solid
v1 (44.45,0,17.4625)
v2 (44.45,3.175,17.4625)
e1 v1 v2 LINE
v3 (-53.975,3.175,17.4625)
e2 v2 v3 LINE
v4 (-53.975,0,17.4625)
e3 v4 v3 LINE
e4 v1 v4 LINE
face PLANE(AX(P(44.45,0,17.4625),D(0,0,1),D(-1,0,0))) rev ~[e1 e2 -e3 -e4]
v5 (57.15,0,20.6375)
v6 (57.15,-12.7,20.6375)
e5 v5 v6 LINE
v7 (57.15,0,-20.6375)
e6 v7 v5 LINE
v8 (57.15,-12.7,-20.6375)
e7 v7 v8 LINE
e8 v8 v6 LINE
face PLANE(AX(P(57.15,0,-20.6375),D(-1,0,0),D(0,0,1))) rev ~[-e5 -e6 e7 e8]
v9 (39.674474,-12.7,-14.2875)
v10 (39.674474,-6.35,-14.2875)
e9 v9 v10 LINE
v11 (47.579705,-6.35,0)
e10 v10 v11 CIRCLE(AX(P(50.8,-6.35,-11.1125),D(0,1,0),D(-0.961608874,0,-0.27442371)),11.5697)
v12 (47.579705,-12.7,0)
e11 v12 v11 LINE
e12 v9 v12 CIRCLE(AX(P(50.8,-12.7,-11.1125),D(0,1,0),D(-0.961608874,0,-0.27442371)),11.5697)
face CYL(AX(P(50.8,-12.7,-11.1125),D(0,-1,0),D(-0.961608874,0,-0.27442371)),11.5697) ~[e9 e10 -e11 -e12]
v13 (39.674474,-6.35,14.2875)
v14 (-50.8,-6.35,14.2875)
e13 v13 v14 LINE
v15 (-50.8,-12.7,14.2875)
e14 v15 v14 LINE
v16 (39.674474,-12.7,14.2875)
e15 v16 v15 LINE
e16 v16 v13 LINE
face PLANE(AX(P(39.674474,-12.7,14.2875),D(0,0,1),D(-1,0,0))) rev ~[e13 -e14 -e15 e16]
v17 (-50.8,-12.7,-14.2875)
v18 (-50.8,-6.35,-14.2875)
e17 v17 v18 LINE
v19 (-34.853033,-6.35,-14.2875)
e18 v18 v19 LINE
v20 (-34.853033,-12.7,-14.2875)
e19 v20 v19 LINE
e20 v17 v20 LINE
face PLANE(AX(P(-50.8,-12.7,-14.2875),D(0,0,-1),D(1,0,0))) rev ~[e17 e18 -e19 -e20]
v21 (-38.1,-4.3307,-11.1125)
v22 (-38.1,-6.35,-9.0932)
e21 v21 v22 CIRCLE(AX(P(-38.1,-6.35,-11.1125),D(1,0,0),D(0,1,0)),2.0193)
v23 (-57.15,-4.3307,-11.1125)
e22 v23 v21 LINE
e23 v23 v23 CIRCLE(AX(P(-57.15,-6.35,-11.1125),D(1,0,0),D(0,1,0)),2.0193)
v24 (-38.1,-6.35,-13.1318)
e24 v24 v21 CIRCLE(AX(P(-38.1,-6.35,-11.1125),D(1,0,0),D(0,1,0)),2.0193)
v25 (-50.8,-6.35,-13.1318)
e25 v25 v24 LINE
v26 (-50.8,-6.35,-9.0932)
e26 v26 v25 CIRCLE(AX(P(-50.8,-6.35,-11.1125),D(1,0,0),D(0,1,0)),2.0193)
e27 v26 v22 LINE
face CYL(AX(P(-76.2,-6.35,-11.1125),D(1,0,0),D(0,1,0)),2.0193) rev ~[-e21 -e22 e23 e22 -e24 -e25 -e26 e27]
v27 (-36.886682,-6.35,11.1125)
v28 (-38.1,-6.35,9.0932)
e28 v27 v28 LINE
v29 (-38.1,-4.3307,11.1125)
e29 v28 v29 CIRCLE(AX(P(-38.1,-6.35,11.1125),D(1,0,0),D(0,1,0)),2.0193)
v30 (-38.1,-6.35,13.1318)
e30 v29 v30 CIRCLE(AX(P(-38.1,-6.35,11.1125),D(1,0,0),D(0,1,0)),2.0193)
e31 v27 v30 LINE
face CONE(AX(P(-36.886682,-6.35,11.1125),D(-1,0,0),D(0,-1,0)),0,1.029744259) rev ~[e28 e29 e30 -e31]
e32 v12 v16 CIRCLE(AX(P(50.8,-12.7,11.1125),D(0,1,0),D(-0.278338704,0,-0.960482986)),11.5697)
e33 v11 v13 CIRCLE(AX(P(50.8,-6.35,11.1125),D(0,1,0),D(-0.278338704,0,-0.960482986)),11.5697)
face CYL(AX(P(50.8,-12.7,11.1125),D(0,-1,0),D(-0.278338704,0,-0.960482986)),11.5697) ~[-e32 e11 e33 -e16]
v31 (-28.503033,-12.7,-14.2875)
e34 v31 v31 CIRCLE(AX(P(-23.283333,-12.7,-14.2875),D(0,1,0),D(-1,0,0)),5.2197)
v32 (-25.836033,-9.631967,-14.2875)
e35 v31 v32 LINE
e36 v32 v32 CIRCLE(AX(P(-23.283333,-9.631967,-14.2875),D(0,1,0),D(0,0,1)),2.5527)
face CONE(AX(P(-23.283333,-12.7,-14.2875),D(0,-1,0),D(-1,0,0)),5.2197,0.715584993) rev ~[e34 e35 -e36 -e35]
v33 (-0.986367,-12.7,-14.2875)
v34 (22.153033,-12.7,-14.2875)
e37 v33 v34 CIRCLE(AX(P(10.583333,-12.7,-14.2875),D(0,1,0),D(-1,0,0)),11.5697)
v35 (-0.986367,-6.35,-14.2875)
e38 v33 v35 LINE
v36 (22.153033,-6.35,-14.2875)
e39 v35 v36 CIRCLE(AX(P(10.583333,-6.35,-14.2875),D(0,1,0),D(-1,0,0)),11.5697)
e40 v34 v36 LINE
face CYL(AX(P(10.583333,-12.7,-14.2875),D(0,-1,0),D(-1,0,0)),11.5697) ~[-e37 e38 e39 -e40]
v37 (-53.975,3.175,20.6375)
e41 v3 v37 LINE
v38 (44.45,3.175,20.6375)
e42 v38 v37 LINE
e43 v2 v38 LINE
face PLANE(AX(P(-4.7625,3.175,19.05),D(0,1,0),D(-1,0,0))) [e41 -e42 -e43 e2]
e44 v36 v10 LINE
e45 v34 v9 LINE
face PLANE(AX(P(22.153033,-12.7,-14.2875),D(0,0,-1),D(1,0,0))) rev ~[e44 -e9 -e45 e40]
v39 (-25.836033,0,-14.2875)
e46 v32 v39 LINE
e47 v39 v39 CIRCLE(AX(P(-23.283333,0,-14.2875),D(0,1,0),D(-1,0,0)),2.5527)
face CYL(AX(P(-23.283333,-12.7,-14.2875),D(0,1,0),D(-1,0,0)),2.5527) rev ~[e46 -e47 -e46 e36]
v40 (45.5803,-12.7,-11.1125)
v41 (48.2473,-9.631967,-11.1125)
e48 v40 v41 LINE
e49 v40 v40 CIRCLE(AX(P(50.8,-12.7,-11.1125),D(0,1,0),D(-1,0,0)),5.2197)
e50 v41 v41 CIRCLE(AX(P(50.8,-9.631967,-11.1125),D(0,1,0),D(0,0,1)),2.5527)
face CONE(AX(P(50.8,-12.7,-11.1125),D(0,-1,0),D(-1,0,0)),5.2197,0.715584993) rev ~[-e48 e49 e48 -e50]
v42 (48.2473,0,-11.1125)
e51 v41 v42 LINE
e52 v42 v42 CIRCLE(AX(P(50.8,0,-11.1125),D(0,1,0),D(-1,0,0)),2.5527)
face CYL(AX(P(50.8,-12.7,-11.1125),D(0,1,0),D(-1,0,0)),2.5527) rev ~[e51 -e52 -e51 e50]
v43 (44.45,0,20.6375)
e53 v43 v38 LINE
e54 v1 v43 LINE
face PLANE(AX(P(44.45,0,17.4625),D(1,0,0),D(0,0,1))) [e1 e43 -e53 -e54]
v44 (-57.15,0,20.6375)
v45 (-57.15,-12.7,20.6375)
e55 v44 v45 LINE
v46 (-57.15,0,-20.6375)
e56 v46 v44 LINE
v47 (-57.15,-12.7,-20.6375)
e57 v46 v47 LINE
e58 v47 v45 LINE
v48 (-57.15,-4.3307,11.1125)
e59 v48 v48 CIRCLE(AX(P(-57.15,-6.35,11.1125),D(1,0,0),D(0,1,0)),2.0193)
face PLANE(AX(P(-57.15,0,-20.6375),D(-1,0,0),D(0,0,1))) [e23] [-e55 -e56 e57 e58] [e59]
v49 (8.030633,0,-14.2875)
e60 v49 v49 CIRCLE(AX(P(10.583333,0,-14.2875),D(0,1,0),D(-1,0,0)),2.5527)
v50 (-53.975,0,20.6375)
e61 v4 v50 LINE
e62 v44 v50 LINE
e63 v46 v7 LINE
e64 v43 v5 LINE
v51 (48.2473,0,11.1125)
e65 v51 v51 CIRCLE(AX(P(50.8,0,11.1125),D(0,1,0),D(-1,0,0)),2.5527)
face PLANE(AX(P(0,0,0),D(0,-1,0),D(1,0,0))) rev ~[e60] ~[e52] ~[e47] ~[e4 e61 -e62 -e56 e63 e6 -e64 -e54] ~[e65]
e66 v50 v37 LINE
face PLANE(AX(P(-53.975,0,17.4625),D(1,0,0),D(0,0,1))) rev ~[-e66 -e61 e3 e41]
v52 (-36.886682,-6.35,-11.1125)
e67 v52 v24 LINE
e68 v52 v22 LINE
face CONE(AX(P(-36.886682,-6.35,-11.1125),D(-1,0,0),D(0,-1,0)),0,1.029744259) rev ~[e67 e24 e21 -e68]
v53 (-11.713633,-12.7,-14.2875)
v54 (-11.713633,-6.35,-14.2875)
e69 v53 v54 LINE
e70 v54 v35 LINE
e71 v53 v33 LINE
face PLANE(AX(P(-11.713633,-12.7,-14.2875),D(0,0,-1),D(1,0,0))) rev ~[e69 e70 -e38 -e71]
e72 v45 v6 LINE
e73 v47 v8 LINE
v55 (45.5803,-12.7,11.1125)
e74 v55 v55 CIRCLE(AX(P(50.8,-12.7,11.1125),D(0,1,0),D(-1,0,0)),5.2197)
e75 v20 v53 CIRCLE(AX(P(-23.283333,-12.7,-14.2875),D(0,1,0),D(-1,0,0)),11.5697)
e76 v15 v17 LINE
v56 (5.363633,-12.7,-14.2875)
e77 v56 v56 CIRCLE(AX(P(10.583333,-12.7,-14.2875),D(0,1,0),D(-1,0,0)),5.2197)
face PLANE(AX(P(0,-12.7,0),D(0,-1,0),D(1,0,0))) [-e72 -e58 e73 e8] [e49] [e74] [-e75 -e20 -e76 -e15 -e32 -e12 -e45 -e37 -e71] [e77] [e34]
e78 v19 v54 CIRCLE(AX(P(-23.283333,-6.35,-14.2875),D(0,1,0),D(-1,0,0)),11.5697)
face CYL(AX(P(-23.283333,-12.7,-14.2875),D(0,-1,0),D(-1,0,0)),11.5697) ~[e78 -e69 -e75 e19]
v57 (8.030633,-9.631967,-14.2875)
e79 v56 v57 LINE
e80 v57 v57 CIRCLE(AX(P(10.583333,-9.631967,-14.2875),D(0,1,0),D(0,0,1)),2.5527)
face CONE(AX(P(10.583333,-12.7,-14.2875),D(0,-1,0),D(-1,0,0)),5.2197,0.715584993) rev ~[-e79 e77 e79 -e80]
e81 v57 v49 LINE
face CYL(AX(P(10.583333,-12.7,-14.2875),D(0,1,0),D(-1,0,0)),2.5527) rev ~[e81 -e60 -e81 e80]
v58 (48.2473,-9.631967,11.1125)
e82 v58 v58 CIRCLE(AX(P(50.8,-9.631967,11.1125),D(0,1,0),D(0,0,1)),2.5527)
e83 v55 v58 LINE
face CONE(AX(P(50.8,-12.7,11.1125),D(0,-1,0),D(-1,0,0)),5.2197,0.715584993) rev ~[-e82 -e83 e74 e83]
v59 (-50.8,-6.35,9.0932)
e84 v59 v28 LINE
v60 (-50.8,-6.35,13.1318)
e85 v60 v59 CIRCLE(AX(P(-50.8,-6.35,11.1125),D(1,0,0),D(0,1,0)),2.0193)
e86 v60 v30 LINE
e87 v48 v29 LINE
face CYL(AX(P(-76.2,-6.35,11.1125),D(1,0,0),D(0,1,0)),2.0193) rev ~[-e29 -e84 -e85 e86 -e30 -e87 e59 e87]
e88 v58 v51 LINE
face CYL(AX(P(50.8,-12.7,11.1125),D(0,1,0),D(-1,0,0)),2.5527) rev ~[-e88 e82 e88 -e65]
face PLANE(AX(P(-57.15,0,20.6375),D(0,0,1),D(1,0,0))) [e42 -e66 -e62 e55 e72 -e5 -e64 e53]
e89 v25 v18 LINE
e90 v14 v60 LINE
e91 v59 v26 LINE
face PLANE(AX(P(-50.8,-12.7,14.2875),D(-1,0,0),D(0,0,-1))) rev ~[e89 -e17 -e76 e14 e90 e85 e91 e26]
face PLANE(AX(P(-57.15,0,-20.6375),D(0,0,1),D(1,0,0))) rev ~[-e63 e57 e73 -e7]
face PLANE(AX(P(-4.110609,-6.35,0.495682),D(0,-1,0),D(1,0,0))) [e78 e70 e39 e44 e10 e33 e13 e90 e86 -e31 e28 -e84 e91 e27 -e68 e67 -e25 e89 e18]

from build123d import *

# Parameters (mm, degrees)
F0_W           = 114.3
F0_H           = 41.275
F1_DEPTH       = 12.7
F3_D           = 5.1054
F3_CSINK_D     = 10.4394
F3_CSINK_ANGLE = 82
F5_D           = 4.0386
F5_DEPTH       = 19.05
F5_TIP         = 1.213317848
F6_W           = 98.425
F6_H           = 3.175
F7_DEPTH       = 3.175
F9_DEPTH       = 6.35


with BuildPart() as f1:
    # F0 (on Front) → F1 (new body)
    with BuildSketch(Plane.XZ):
        Rectangle(F0_W, F0_H)
    extrude(amount=F1_DEPTH)

    # F3 (through all)
    with Locations(Plane.XZ.offset(12.7)):
        with Locations((50.8, 11.1125), (50.8, -11.1125), (-23.2833333333, -14.2875), (10.5833333333, -14.2875)):
            CounterSinkHole(F3_D / 2, F3_CSINK_D / 2, counter_sink_angle=F3_CSINK_ANGLE)

    # F5
    with Locations(Plane(origin=(-57.15, 0, 0), x_dir=(0, -1, 0), z_dir=(-1, 0, 0))):
        with Locations((6.35, 11.1125), (6.35, -11.1125)):
            Hole(F5_D / 2, depth=F5_DEPTH)
            with Locations((0, 0, -(F5_DEPTH + F5_TIP / 2))):  # 118° drill point
                Cone(0, F5_D / 2, F5_TIP, mode=Mode.SUBTRACT)

    # F6 (on face) → F7 (join)
    with BuildSketch(Plane(origin=(0, 0, 0), x_dir=(-1, 0, 0), z_dir=(0, 1, 0))):
        with Locations((4.7625, 19.05)):
            Rectangle(F6_W, F6_H)
    extrude(amount=F7_DEPTH)

    # F8 (on face) → F9 (cut)
    with BuildSketch(Plane.XZ.offset(12.7)):
        with BuildLine():
            Line((39.6744738062, 14.2875), (-50.8, 14.2875))
            Line((-50.8, 14.2875), (-50.8, -14.2875))
            Line((-50.8, -14.2875), (-34.8530333333, -14.2875))
            ThreePointArc((-34.8530333333, -14.2875), (-23.2833333333, -2.7178), (-11.7136333333, -14.2875))
            Line((-11.7136333333, -14.2875), (-0.9863666667, -14.2875))
            ThreePointArc((-0.9863666667, -14.2875), (10.5833333333, -2.7178), (22.1530333333, -14.2875))
            Line((22.1530333333, -14.2875), (39.6744738062, -14.2875))
            ThreePointArc((39.6744738062, -14.2875), (40.6765711012, -5.5112371584), (47.5797046968, 0))
            ThreePointArc((47.5797046968, 0), (40.6765711012, 5.5112371584), (39.6744738062, 14.2875))
        make_face()
    extrude(amount=-F9_DEPTH, mode=Mode.SUBTRACT)


solid = f1.part
